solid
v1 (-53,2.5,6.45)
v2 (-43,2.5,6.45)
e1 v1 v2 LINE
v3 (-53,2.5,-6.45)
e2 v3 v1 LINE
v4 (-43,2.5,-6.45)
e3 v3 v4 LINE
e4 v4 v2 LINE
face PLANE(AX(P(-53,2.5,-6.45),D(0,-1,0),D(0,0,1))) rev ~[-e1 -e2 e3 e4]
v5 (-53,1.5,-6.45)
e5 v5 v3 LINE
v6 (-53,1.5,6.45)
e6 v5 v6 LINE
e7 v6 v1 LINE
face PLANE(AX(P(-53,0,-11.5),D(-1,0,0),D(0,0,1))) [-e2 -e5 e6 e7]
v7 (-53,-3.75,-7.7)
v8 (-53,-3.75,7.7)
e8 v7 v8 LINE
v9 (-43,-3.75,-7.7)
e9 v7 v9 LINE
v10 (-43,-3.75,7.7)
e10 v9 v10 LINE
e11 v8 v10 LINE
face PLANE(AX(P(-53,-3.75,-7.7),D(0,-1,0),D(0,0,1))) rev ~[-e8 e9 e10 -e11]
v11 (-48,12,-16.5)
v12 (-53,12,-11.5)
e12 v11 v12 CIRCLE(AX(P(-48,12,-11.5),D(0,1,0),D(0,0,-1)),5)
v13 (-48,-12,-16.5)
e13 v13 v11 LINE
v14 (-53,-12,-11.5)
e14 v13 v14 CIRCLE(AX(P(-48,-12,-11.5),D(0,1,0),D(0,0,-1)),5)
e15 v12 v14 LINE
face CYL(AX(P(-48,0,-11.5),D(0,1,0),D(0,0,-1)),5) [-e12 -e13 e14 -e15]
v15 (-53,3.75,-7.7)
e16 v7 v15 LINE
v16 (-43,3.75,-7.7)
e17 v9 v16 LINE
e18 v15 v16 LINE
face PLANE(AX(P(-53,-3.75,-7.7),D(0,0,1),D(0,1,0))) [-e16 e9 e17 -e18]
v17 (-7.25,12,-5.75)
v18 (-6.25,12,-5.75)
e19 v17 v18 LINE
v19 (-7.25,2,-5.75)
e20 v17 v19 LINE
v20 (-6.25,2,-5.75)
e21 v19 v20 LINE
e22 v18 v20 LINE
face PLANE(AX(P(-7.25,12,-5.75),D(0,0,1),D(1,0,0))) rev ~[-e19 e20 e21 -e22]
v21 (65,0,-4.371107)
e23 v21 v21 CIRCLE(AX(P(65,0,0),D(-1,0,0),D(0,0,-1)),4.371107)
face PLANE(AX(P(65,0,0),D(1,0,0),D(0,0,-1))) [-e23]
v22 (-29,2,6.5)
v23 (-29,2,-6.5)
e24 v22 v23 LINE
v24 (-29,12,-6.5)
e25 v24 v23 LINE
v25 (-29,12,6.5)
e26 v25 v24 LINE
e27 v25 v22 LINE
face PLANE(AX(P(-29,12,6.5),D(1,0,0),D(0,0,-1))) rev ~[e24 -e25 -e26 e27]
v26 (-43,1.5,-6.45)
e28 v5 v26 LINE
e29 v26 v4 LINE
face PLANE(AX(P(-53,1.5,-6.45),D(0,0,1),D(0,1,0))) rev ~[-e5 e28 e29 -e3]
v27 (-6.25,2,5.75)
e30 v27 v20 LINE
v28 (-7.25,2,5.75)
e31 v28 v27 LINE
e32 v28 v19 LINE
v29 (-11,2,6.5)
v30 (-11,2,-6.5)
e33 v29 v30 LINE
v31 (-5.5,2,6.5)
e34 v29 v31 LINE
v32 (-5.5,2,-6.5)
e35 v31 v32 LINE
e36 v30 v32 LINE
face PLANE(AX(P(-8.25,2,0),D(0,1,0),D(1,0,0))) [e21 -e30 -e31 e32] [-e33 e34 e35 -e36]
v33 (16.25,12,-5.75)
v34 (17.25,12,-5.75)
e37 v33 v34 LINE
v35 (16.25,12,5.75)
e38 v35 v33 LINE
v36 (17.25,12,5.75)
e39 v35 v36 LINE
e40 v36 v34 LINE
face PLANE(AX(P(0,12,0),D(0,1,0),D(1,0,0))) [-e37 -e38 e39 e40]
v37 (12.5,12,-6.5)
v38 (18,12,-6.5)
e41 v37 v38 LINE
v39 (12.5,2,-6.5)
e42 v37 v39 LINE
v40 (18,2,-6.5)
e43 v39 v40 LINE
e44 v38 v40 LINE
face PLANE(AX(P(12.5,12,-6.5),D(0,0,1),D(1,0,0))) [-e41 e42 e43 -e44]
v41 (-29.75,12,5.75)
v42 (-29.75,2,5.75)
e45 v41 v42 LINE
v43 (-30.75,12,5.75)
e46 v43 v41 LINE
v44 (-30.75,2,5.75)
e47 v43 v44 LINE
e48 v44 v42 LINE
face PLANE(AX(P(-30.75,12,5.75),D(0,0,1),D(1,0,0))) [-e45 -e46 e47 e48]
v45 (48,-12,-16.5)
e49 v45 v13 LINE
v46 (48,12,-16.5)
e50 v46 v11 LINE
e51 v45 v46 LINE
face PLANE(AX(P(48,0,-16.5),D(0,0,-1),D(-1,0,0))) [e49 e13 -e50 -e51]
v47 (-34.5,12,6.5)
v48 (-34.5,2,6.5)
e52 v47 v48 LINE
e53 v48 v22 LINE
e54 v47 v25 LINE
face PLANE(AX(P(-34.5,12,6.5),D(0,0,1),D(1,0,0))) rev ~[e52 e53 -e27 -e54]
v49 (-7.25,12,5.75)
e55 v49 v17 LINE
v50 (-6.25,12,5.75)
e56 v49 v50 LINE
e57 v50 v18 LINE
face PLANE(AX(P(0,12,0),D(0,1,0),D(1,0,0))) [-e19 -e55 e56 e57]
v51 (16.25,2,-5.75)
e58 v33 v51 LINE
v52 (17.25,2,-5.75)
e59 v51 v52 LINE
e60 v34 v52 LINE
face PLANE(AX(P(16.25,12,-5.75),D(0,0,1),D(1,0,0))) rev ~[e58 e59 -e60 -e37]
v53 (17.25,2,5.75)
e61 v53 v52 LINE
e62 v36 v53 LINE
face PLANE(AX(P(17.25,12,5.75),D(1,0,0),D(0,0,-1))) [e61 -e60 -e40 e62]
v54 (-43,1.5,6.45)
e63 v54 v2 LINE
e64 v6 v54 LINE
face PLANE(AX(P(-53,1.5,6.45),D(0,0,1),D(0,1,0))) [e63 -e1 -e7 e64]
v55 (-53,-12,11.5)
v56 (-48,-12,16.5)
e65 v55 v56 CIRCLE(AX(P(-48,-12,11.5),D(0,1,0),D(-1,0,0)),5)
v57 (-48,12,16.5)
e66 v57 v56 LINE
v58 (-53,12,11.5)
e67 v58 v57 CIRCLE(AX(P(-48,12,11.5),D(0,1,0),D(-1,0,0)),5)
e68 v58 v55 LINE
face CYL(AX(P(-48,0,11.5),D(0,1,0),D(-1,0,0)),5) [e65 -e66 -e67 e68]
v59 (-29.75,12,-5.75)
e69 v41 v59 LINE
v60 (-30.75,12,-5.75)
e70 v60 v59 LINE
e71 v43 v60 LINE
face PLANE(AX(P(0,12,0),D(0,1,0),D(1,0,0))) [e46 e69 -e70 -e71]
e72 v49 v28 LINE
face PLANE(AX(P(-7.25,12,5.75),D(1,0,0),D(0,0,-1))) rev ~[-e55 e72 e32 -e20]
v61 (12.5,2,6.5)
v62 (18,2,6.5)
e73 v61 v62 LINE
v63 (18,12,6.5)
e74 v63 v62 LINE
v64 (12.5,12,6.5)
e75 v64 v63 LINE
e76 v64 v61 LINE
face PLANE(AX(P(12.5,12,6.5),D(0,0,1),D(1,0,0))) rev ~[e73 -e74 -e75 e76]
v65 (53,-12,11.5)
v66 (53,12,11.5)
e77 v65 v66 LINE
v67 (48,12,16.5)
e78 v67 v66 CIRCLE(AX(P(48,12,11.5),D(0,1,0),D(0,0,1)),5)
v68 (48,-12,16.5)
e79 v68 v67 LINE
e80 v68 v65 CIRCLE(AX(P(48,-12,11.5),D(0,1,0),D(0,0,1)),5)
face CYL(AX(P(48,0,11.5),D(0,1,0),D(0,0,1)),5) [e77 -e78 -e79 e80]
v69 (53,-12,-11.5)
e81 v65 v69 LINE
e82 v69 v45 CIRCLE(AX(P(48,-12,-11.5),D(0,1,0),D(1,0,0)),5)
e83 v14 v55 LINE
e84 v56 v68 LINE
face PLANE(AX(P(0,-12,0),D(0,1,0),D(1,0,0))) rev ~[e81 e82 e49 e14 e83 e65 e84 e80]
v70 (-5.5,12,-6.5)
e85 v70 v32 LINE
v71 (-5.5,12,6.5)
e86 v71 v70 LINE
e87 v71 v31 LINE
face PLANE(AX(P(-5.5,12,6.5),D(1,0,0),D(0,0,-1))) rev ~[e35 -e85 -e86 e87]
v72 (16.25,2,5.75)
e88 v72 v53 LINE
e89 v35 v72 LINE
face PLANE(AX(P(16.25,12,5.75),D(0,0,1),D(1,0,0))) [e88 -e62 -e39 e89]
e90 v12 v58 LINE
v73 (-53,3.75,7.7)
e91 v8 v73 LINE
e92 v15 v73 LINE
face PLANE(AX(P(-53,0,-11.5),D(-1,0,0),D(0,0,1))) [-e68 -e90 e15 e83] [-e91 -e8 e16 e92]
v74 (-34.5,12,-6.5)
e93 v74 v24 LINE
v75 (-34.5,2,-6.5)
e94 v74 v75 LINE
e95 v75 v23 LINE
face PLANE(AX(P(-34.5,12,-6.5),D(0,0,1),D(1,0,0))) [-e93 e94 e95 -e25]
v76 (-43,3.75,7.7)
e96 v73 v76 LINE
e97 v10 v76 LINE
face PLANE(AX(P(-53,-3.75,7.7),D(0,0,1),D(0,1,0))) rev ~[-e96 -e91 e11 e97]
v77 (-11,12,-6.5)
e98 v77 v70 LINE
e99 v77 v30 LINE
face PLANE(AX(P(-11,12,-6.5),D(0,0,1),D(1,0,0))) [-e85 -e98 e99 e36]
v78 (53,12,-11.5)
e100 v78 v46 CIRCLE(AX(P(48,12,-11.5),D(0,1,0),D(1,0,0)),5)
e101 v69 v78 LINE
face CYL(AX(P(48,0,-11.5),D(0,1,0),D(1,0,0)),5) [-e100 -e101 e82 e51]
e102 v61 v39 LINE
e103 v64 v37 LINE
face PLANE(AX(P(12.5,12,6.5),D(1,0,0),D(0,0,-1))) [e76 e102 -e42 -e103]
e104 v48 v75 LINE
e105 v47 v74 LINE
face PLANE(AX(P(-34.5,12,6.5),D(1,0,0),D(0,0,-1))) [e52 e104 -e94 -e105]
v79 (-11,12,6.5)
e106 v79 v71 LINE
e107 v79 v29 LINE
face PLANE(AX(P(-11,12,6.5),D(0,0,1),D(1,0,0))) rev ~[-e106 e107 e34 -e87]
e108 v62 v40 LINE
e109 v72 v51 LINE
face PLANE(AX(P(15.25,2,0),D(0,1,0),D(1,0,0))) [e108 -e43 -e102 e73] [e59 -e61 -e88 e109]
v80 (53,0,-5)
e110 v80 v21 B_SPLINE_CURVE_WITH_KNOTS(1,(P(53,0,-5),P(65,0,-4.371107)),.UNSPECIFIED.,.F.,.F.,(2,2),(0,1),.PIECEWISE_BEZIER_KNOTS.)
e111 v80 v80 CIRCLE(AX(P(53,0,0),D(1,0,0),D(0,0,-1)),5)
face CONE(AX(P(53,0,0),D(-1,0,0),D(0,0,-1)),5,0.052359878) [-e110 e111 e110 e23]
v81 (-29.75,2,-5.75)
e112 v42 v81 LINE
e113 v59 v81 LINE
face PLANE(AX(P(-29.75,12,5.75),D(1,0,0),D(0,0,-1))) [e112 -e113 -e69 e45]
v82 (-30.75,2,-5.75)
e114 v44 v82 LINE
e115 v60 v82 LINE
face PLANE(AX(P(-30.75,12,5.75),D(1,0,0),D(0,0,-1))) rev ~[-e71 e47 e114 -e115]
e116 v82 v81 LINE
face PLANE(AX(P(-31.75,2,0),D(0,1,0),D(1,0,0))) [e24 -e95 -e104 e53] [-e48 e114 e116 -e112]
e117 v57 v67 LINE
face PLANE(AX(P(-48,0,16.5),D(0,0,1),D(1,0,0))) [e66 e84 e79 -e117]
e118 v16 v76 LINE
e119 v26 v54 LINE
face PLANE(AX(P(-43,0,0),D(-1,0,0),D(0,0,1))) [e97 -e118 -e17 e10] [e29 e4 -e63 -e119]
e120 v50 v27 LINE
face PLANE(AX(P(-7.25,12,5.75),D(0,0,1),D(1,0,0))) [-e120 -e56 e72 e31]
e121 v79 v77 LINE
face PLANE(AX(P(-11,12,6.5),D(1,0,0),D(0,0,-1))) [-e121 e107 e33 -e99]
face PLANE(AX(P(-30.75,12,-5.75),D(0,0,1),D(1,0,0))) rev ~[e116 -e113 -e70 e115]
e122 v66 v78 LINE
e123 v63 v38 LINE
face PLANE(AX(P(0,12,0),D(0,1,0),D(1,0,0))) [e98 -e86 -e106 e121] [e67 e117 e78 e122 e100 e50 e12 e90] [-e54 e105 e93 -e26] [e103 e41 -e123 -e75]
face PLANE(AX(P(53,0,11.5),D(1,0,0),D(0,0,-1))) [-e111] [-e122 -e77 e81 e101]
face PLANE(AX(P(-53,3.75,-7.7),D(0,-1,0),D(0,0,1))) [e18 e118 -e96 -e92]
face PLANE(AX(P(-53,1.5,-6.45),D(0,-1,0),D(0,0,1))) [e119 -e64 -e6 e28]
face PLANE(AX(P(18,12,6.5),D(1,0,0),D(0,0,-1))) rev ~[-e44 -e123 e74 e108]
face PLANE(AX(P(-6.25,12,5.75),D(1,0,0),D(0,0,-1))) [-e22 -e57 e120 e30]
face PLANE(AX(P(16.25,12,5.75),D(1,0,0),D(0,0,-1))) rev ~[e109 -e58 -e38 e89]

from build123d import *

# Parameters (mm, degrees)
BOSS_EXTRUDE1_DEPTH = 12
SKETCH2_W           = 5.5
SKETCH2_H           = 13
SKETCH2_W_2         = 1
SKETCH2_H_2         = 11.5
CUT_EXTRUDE1_DEPTH  = 10
SKETCH3_W           = 15.4
SKETCH3_H           = 7.5
SKETCH3_W_2         = 12.9
SKETCH3_H_2         = 1
CUT_EXTRUDE2_DEPTH  = 10
SKETCH4_R           = 5
BOSS_EXTRUDE2_DEPTH = 12
BOSS_EXTRUDE2_TAPER = 3


with BuildPart() as part:
    # Sketch1 → Boss-Extrude1 (new, symmetric)
    with BuildSketch(Plane(origin=(0, 0, 0), x_dir=(1, 0, 0), z_dir=(0, 1, 0))):
        with BuildLine():
            Line((-48, -16.5), (48, -16.5))
            ThreePointArc((48, -16.5), (51.535533906, -15.035533906), (53, -11.5))
            Line((53, -11.5), (53, 11.5))
            ThreePointArc((53, 11.5), (51.535533906, 15.035533906), (48, 16.5))
            Line((48, 16.5), (-48, 16.5))
            ThreePointArc((-48, 16.5), (-51.535533906, 15.035533906), (-53, 11.5))
            Line((-53, 11.5), (-53, -11.5))
            ThreePointArc((-53, -11.5), (-51.535533906, -15.035533906), (-48, -16.5))
        make_face()
    extrude(amount=BOSS_EXTRUDE1_DEPTH, both=True)

    # Sketch2 → Cut-Extrude1 (cut)
    # profile 1 of 3: a face of its own
    with BuildSketch(Plane(origin=(0, 12, 0), x_dir=(1, 0, 0), z_dir=(0, 1, 0))):
        with Locations((15.25, 0)):
            Rectangle(SKETCH2_W, SKETCH2_H)
        with Locations((16.75, 0)):
            Rectangle(SKETCH2_W_2, SKETCH2_H_2, mode=Mode.SUBTRACT)
    # profile 2 of 3: a face of its own
    with BuildSketch(Plane(origin=(0, 12, 0), x_dir=(1, 0, 0), z_dir=(0, 1, 0))):
        with Locations((-8.25, 0)):
            Rectangle(SKETCH2_W, SKETCH2_H)
        with Locations((-6.75, 0)):
            Rectangle(SKETCH2_W_2, SKETCH2_H_2, mode=Mode.SUBTRACT)
    # profile 3 of 3: a face of its own
    with BuildSketch(Plane(origin=(0, 12, 0), x_dir=(1, 0, 0), z_dir=(0, 1, 0))):
        with Locations((-31.75, 0)):
            Rectangle(SKETCH2_W, SKETCH2_H)
        with Locations((-30.25, 0)):
            Rectangle(SKETCH2_W_2, SKETCH2_H_2, mode=Mode.SUBTRACT)
    extrude(amount=-CUT_EXTRUDE1_DEPTH, mode=Mode.SUBTRACT)

    # Sketch3 → Cut-Extrude2 (cut)
    with BuildSketch(Plane.ZY.offset(53)):
        Rectangle(SKETCH3_W, SKETCH3_H)
        with Locations((0, 2)):
            Rectangle(SKETCH3_W_2, SKETCH3_H_2, mode=Mode.SUBTRACT)
    extrude(amount=-CUT_EXTRUDE2_DEPTH, mode=Mode.SUBTRACT)

    # Sketch4 → Boss-Extrude2 (add)
    with BuildSketch(Plane(origin=(53, 0, 0), x_dir=(0, 0, -1), z_dir=(1, 0, 0))):
        Circle(SKETCH4_R)
    extrude(amount=BOSS_EXTRUDE2_DEPTH, taper=BOSS_EXTRUDE2_TAPER)


solid = part.part
